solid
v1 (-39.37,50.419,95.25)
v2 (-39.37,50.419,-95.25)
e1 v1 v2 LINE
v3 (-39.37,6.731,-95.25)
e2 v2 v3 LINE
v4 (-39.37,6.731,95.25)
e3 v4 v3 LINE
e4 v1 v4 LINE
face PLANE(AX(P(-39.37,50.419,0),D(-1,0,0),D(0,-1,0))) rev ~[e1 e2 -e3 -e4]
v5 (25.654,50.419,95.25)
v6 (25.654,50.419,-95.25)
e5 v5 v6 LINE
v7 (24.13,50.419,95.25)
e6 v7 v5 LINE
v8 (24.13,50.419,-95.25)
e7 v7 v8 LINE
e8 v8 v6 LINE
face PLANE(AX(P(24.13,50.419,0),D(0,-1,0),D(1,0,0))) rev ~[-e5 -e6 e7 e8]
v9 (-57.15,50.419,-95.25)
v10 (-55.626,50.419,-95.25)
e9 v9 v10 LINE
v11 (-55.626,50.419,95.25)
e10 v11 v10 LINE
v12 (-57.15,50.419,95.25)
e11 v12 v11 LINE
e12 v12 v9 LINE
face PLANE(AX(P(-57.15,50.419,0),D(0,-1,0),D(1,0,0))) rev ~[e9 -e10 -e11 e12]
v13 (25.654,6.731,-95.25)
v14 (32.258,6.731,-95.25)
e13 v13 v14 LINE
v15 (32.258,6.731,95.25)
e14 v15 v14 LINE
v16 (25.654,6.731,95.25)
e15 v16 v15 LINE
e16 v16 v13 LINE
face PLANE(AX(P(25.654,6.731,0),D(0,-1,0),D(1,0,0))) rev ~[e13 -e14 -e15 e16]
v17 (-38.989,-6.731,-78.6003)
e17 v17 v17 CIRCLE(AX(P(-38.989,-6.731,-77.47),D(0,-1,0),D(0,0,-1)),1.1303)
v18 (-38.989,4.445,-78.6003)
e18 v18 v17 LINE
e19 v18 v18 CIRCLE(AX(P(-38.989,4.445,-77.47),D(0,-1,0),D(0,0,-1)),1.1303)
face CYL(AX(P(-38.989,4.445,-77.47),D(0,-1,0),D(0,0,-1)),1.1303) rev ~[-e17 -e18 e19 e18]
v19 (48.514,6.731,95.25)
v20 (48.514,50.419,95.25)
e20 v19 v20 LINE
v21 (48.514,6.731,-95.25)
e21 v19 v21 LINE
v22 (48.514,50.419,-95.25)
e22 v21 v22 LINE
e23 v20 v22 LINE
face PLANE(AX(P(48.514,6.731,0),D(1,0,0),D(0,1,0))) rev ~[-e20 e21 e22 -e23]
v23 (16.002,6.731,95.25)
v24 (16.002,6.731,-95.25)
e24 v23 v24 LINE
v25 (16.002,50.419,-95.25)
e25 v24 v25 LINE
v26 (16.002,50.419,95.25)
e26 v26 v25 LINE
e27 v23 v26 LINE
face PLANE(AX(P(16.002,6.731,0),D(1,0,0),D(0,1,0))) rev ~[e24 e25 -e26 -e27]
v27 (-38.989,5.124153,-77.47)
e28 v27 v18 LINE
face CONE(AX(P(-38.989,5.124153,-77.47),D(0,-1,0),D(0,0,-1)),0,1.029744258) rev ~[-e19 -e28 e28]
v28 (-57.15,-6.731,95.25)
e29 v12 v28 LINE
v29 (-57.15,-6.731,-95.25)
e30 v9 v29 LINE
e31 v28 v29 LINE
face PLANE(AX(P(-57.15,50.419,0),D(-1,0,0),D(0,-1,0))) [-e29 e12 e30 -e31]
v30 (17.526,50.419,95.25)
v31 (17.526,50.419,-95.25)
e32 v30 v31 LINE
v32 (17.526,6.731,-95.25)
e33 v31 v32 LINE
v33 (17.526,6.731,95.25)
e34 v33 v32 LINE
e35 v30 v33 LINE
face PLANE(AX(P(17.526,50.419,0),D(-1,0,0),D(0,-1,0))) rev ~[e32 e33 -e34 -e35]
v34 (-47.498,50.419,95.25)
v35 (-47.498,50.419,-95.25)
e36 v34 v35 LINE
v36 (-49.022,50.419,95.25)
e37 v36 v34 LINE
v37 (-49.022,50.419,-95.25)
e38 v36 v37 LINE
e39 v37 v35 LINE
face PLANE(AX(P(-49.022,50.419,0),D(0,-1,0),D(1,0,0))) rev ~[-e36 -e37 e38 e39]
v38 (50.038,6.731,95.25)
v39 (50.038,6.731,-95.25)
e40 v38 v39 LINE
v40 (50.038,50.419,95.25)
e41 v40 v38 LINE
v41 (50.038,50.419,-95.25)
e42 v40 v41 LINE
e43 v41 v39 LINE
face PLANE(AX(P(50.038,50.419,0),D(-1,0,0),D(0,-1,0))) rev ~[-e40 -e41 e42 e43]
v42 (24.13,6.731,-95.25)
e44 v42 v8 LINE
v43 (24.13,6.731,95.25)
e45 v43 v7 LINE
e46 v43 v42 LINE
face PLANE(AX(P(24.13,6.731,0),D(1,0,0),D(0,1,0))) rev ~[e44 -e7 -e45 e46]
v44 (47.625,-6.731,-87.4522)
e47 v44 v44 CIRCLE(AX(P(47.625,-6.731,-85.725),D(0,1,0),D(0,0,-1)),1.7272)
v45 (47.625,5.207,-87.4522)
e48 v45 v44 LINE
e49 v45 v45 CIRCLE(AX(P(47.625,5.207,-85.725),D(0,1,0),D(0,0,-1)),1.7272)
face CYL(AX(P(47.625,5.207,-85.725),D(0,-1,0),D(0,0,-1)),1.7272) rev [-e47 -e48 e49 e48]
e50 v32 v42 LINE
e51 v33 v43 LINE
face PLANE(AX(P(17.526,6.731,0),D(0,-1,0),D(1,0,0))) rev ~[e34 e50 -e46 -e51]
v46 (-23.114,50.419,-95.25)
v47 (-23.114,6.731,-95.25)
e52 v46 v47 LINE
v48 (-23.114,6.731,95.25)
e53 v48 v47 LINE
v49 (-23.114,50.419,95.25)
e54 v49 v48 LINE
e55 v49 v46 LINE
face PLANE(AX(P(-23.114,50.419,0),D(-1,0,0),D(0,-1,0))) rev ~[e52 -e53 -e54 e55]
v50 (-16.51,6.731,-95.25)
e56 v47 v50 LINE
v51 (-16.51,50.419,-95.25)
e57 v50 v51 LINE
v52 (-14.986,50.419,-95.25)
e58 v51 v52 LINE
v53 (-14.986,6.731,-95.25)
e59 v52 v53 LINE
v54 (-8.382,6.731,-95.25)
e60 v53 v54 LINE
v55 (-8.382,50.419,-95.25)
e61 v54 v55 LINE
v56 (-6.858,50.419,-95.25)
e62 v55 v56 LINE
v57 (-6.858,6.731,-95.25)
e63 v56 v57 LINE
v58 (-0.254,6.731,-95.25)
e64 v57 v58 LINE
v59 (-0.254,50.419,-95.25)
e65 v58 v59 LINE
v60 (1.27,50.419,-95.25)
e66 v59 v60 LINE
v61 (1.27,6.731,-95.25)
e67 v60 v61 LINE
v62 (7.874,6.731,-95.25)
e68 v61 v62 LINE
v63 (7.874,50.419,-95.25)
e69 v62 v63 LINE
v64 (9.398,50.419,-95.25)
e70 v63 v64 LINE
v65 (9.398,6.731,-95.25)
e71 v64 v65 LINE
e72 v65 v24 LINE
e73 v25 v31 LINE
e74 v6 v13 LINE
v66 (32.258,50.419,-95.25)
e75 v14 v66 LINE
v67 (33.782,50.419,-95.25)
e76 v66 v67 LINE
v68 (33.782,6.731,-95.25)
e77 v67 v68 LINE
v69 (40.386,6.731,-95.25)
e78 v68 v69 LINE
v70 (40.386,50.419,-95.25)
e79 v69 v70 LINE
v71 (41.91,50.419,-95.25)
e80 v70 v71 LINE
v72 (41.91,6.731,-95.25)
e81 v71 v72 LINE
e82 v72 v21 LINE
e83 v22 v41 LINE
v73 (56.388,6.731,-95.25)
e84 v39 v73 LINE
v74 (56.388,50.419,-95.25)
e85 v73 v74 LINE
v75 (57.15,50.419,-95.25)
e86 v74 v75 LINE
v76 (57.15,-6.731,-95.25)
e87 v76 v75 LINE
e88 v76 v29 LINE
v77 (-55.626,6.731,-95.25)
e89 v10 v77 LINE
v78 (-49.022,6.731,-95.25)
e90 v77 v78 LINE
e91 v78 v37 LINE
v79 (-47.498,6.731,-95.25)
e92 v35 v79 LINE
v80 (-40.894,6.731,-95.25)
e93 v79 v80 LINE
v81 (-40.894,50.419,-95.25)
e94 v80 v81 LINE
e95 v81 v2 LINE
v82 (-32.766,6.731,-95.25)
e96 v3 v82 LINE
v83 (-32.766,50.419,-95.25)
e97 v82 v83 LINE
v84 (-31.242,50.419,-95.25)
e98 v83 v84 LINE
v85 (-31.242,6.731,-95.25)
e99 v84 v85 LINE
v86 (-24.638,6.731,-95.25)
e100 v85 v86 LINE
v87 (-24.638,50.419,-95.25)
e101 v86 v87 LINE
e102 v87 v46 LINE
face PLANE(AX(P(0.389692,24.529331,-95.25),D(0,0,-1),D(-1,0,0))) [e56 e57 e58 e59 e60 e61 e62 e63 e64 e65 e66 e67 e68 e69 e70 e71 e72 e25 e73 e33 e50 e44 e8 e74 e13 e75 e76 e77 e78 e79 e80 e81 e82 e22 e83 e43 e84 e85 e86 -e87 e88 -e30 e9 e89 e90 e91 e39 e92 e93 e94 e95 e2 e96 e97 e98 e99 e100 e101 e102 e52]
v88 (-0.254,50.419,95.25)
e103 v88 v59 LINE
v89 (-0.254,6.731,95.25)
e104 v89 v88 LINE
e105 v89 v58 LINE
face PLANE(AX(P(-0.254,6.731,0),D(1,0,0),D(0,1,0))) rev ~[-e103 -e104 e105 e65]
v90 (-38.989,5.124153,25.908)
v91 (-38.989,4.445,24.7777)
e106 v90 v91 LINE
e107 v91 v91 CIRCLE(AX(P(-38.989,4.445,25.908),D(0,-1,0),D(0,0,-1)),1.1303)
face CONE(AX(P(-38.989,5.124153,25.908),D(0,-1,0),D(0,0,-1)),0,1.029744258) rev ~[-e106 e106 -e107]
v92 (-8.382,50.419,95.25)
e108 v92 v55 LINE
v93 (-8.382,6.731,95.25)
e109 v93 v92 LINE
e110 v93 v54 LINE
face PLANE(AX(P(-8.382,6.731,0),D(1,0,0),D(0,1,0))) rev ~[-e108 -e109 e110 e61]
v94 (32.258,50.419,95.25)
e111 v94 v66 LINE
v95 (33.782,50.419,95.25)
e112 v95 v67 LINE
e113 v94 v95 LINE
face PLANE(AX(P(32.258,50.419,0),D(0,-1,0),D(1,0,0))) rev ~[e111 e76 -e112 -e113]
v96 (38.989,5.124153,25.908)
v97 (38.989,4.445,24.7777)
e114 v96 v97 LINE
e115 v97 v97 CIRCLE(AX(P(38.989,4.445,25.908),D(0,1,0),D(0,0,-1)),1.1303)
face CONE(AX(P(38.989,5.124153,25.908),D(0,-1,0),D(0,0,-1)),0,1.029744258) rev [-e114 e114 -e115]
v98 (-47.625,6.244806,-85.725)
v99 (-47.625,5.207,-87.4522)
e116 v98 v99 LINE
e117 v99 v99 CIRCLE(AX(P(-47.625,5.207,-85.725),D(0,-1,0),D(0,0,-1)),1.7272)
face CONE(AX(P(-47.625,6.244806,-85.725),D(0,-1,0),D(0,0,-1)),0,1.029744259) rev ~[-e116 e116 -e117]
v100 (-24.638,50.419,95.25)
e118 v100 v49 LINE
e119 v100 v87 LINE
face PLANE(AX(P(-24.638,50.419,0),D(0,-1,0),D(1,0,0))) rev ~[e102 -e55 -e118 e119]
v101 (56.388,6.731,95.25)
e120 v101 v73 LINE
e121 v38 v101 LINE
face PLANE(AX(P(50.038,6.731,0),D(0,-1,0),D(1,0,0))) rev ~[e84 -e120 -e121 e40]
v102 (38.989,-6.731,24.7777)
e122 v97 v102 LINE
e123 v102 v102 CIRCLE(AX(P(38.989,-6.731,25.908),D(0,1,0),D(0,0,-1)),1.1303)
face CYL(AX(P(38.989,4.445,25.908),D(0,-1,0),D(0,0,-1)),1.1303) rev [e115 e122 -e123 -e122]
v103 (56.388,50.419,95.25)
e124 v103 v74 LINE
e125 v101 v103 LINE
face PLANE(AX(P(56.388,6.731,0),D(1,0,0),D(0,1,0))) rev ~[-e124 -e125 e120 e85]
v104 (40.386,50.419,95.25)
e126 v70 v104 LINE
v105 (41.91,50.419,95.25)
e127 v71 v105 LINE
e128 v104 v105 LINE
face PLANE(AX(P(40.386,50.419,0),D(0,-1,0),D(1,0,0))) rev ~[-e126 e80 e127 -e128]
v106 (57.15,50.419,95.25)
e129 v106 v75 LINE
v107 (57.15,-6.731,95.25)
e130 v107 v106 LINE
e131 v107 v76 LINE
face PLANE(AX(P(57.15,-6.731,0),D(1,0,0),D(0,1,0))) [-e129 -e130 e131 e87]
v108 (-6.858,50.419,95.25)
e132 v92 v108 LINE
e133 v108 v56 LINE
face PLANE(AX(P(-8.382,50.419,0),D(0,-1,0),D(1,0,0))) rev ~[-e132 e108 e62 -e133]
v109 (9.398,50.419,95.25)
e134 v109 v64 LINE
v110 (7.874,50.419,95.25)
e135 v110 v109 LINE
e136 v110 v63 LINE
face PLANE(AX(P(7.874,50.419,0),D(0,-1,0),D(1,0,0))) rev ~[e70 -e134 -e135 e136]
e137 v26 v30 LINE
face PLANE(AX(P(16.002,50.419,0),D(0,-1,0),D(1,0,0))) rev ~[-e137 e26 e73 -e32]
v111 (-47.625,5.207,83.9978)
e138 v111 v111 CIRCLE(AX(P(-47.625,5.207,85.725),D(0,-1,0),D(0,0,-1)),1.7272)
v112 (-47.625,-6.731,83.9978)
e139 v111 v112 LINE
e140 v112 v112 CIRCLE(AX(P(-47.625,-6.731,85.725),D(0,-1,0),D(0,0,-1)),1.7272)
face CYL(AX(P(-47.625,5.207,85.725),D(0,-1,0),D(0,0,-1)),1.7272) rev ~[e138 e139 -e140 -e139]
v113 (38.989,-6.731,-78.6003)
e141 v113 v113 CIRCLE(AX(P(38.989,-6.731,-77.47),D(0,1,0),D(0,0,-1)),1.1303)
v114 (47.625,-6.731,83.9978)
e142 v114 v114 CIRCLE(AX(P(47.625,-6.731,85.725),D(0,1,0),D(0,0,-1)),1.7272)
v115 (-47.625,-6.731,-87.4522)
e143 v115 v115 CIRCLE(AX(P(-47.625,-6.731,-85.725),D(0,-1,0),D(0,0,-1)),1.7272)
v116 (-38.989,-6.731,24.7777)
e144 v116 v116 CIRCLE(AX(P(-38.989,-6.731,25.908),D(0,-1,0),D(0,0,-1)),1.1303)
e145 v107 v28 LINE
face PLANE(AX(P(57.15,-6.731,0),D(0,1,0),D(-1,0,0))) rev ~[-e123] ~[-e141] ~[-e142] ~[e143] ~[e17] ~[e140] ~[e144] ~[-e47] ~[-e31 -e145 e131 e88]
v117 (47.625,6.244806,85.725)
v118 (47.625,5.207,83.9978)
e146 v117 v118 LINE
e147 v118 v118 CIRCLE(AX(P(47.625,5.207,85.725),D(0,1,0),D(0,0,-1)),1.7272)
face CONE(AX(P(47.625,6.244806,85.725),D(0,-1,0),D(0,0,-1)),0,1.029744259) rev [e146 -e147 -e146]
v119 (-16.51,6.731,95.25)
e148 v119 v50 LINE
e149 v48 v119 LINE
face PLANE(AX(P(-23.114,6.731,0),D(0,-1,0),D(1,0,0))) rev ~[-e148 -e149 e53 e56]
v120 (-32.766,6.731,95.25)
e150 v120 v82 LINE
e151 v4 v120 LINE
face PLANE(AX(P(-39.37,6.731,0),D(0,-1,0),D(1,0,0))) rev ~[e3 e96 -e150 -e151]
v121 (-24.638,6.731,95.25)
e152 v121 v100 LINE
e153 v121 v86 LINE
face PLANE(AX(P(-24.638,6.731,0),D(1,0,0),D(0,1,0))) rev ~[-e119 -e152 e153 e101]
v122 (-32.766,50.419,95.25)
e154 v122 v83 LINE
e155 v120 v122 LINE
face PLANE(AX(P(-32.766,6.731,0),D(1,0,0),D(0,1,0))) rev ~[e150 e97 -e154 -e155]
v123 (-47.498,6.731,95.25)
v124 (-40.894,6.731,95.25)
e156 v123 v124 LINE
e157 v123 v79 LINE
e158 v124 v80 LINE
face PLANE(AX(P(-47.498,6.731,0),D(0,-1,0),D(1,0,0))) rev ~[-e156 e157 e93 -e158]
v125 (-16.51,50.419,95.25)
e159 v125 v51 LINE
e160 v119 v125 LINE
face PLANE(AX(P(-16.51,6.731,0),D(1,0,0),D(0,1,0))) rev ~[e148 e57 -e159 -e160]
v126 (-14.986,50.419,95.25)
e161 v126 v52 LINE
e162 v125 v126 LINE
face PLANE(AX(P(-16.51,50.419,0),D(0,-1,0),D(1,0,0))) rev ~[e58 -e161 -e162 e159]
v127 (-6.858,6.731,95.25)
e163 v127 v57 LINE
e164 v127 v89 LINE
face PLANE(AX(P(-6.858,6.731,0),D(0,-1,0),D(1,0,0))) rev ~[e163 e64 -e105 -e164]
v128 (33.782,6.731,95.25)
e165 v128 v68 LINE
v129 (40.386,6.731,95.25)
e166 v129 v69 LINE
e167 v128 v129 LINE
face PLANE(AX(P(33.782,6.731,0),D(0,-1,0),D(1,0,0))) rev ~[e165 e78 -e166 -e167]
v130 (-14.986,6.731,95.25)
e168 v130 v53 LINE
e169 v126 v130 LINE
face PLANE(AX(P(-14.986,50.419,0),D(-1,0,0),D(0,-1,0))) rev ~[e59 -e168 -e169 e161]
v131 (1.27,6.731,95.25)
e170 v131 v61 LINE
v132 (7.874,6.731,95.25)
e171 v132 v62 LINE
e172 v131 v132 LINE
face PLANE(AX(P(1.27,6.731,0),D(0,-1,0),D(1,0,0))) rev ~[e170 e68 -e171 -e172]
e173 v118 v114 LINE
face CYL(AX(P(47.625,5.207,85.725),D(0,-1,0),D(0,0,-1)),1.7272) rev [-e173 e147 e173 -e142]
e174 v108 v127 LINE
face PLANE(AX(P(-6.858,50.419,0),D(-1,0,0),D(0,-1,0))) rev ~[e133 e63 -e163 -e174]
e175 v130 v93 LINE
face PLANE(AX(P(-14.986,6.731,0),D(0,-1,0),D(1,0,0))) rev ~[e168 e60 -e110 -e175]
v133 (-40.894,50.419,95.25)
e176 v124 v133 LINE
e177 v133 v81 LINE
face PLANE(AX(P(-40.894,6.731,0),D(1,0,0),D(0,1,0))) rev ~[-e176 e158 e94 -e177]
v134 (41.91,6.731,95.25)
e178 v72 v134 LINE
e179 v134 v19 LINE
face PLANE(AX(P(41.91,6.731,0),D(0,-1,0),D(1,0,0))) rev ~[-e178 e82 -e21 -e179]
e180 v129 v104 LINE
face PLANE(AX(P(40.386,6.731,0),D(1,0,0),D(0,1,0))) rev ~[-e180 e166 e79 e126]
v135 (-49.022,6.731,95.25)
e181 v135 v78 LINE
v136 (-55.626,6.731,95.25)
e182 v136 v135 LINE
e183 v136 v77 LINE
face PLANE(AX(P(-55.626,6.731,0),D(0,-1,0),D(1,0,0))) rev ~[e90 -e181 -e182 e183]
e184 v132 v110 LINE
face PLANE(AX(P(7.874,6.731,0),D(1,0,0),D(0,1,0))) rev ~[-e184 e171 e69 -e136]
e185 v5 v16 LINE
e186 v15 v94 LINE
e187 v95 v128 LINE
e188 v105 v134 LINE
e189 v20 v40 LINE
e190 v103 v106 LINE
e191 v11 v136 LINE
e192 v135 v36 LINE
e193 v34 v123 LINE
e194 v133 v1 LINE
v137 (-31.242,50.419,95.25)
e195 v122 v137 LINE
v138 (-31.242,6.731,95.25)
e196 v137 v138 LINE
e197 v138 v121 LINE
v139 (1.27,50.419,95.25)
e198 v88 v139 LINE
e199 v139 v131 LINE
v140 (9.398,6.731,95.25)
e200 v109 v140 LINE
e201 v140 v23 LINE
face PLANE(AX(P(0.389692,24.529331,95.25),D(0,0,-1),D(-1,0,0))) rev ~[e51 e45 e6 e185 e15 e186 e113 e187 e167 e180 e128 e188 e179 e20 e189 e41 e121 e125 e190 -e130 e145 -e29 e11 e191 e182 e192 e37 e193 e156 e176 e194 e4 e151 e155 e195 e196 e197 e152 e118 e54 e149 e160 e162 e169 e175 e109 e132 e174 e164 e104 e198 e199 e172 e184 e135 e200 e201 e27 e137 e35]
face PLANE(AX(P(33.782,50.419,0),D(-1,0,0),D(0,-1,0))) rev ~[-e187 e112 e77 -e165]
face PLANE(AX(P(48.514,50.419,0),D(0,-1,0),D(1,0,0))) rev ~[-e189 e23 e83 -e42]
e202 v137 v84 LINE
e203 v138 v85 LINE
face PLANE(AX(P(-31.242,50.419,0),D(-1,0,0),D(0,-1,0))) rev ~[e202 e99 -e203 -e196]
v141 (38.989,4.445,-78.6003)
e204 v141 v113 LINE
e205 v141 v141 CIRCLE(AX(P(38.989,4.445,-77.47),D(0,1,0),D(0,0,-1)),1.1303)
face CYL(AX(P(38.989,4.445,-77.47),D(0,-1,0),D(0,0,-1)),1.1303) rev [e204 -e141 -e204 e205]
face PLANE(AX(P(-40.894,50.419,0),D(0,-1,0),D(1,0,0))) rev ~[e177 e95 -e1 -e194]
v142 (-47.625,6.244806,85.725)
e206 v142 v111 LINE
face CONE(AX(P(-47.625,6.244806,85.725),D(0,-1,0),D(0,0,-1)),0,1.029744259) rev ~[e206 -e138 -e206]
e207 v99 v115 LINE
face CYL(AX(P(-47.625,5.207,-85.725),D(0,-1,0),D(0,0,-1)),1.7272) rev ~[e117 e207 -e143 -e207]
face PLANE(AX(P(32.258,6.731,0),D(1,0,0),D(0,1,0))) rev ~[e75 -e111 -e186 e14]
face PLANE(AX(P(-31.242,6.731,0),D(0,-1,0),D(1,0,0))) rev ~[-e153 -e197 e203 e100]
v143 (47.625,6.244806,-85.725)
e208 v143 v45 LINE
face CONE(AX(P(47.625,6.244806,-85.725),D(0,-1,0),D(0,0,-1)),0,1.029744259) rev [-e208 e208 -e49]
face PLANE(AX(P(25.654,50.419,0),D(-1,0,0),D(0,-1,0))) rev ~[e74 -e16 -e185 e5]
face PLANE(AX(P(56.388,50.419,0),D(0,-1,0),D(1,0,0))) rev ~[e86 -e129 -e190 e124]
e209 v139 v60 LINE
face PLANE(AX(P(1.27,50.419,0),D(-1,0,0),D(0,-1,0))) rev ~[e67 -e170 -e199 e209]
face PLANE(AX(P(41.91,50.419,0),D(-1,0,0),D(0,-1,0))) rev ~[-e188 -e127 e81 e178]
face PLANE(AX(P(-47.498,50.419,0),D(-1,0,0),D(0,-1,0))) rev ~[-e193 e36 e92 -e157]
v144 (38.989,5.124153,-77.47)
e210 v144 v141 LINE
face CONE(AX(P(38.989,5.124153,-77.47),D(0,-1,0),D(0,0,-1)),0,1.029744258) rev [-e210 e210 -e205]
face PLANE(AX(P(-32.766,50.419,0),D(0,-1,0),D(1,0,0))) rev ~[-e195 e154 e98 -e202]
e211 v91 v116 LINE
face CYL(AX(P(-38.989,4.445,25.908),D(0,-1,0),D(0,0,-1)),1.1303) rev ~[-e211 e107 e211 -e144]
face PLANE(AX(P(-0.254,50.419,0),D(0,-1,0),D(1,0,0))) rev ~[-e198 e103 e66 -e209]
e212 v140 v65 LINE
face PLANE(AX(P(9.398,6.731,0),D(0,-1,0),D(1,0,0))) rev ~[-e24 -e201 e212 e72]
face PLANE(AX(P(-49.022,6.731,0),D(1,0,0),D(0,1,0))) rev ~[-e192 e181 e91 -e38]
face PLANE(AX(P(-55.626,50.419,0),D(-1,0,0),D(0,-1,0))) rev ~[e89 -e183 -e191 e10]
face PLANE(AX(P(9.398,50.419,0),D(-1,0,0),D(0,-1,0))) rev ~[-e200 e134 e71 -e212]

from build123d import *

# Parameters (mm, degrees)
BOSS_EXTRUDE1_DEPTH = 95.25
LPATTERN1_COUNT     = 2
LPATTERN1_PITCH     = 171.45
LPATTERN2_COUNT     = 2
LPATTERN2_PITCH     = 103.378


with BuildPart() as part:
    # Sketch1 → Boss-Extrude1 (new, symmetric)
    with BuildSketch(Plane.XY):
        Polygon((41.91, 6.731), (48.514, 6.731), (48.514, 50.419), (50.038, 50.419), (50.038, 6.731), (56.388, 6.731), (56.388, 50.419), (57.15, 50.419), (57.15, 6.731), (57.15, -6.731), (-57.15, -6.731), (-57.15, 6.731), (-57.15, 50.419), (-55.626, 50.419), (-55.626, 6.731), (-49.022, 6.731), (-49.022, 50.419), (-47.498, 50.419), (-47.498, 6.731), (-40.894, 6.731), (-40.894, 50.419), (-39.37, 50.419), (-39.37, 6.731), (-32.766, 6.731), (-32.766, 50.419), (-31.242, 50.419), (-31.242, 6.731), (-24.638, 6.731), (-24.638, 50.419), (-23.114, 50.419), (-23.114, 6.731), (-16.51, 6.731), (-16.51, 50.419), (-14.986, 50.419), (-14.986, 6.731), (-8.382, 6.731), (-8.382, 50.419), (-6.858, 50.419), (-6.858, 6.731), (-0.254, 6.731), (-0.254, 50.419), (1.27, 50.419), (1.27, 6.731), (7.874, 6.731), (7.874, 50.419), (9.398, 50.419), (9.398, 6.731), (16.002, 6.731), (16.002, 50.419), (17.526, 50.419), (17.526, 6.731), (24.13, 6.731), (24.13, 50.419), (25.654, 50.419), (25.654, 6.731), (32.258, 6.731), (32.258, 50.419), (33.782, 50.419), (33.782, 6.731), (40.386, 6.731), (40.386, 50.419), (41.91, 50.419), align=None)
    extrude(amount=BOSS_EXTRUDE1_DEPTH, both=True)

    # Sketch3 → #8-32 Tapped Hole1 (revolve, cut)
    with BuildSketch(Plane(origin=(47.625, -6.731, 85.725), x_dir=(0, 0, -1), z_dir=(1, 0, 0))):
        Polygon((0, 0), (0, 12.975806461), (1.7272, 11.938), (1.7272, 0), align=None)
    f_8_32_tapped_hole1 = revolve(axis=Axis((47.625, -13.081, 85.725), (0, 1, 0)), mode=Mode.SUBTRACT)

    # Sketch5 → #4-40 Tapped Hole1 (revolve, cut)
    with BuildSketch(Plane(origin=(38.989, -6.731, 25.908), x_dir=(0, 0, -1), z_dir=(1, 0, 0))):
        Polygon((0, 0), (0, 11.855152758), (1.1303, 11.176), (1.1303, 0), align=None)
    f_4_40_tapped_hole1 = revolve(axis=Axis((38.989, -13.081, 25.908), (0, 1, 0)), mode=Mode.SUBTRACT)

    # LPattern1: #8-32 Tapped Hole1 ×2
    with Locations(*[(0, 0, -i * LPATTERN1_PITCH) for i in range(1, LPATTERN1_COUNT)]):
        add(f_8_32_tapped_hole1, mode=Mode.SUBTRACT)

    # LPattern2: #4-40 Tapped Hole1 ×2
    with Locations(*[(0, 0, -i * LPATTERN2_PITCH) for i in range(1, LPATTERN2_COUNT)]):
        add(f_4_40_tapped_hole1, mode=Mode.SUBTRACT)

    # Mirror1: #8-32 Tapped Hole1, #4-40 Tapped Hole1 across plane
    add(f_8_32_tapped_hole1.mirror(Plane(origin=(0, 0, 0), x_dir=(0, 0, 1), z_dir=(1, 0, 0))), mode=Mode.SUBTRACT)
    add(f_4_40_tapped_hole1.mirror(Plane(origin=(0, 0, 0), x_dir=(0, 0, 1), z_dir=(1, 0, 0))), mode=Mode.SUBTRACT)

    # Mirror1 copy 1 sketch → Mirror1 copy 1 (revolve, cut)
    with BuildSketch(Plane(origin=(-47.625, -6.731, -85.725), x_dir=(0, 0, -1), z_dir=(-1, 0, 0))):
        Polygon((0, 0), (0, -12.975806461), (1.7272, -11.938), (1.7272, 0), align=None)
    revolve(axis=Axis((-47.625, -13.081, -85.725), (0, -1, 0)), mode=Mode.SUBTRACT)

    # Mirror1 copy 2 sketch → Mirror1 copy 2 (revolve, cut)
    with BuildSketch(Plane(origin=(-38.989, -6.731, -77.47), x_dir=(0, 0, -1), z_dir=(-1, 0, 0))):
        Polygon((0, 0), (0, -11.855152758), (1.1303, -11.176), (1.1303, 0), align=None)
    revolve(axis=Axis((-38.989, -13.081, -77.47), (0, -1, 0)), mode=Mode.SUBTRACT)


solid = part.part
